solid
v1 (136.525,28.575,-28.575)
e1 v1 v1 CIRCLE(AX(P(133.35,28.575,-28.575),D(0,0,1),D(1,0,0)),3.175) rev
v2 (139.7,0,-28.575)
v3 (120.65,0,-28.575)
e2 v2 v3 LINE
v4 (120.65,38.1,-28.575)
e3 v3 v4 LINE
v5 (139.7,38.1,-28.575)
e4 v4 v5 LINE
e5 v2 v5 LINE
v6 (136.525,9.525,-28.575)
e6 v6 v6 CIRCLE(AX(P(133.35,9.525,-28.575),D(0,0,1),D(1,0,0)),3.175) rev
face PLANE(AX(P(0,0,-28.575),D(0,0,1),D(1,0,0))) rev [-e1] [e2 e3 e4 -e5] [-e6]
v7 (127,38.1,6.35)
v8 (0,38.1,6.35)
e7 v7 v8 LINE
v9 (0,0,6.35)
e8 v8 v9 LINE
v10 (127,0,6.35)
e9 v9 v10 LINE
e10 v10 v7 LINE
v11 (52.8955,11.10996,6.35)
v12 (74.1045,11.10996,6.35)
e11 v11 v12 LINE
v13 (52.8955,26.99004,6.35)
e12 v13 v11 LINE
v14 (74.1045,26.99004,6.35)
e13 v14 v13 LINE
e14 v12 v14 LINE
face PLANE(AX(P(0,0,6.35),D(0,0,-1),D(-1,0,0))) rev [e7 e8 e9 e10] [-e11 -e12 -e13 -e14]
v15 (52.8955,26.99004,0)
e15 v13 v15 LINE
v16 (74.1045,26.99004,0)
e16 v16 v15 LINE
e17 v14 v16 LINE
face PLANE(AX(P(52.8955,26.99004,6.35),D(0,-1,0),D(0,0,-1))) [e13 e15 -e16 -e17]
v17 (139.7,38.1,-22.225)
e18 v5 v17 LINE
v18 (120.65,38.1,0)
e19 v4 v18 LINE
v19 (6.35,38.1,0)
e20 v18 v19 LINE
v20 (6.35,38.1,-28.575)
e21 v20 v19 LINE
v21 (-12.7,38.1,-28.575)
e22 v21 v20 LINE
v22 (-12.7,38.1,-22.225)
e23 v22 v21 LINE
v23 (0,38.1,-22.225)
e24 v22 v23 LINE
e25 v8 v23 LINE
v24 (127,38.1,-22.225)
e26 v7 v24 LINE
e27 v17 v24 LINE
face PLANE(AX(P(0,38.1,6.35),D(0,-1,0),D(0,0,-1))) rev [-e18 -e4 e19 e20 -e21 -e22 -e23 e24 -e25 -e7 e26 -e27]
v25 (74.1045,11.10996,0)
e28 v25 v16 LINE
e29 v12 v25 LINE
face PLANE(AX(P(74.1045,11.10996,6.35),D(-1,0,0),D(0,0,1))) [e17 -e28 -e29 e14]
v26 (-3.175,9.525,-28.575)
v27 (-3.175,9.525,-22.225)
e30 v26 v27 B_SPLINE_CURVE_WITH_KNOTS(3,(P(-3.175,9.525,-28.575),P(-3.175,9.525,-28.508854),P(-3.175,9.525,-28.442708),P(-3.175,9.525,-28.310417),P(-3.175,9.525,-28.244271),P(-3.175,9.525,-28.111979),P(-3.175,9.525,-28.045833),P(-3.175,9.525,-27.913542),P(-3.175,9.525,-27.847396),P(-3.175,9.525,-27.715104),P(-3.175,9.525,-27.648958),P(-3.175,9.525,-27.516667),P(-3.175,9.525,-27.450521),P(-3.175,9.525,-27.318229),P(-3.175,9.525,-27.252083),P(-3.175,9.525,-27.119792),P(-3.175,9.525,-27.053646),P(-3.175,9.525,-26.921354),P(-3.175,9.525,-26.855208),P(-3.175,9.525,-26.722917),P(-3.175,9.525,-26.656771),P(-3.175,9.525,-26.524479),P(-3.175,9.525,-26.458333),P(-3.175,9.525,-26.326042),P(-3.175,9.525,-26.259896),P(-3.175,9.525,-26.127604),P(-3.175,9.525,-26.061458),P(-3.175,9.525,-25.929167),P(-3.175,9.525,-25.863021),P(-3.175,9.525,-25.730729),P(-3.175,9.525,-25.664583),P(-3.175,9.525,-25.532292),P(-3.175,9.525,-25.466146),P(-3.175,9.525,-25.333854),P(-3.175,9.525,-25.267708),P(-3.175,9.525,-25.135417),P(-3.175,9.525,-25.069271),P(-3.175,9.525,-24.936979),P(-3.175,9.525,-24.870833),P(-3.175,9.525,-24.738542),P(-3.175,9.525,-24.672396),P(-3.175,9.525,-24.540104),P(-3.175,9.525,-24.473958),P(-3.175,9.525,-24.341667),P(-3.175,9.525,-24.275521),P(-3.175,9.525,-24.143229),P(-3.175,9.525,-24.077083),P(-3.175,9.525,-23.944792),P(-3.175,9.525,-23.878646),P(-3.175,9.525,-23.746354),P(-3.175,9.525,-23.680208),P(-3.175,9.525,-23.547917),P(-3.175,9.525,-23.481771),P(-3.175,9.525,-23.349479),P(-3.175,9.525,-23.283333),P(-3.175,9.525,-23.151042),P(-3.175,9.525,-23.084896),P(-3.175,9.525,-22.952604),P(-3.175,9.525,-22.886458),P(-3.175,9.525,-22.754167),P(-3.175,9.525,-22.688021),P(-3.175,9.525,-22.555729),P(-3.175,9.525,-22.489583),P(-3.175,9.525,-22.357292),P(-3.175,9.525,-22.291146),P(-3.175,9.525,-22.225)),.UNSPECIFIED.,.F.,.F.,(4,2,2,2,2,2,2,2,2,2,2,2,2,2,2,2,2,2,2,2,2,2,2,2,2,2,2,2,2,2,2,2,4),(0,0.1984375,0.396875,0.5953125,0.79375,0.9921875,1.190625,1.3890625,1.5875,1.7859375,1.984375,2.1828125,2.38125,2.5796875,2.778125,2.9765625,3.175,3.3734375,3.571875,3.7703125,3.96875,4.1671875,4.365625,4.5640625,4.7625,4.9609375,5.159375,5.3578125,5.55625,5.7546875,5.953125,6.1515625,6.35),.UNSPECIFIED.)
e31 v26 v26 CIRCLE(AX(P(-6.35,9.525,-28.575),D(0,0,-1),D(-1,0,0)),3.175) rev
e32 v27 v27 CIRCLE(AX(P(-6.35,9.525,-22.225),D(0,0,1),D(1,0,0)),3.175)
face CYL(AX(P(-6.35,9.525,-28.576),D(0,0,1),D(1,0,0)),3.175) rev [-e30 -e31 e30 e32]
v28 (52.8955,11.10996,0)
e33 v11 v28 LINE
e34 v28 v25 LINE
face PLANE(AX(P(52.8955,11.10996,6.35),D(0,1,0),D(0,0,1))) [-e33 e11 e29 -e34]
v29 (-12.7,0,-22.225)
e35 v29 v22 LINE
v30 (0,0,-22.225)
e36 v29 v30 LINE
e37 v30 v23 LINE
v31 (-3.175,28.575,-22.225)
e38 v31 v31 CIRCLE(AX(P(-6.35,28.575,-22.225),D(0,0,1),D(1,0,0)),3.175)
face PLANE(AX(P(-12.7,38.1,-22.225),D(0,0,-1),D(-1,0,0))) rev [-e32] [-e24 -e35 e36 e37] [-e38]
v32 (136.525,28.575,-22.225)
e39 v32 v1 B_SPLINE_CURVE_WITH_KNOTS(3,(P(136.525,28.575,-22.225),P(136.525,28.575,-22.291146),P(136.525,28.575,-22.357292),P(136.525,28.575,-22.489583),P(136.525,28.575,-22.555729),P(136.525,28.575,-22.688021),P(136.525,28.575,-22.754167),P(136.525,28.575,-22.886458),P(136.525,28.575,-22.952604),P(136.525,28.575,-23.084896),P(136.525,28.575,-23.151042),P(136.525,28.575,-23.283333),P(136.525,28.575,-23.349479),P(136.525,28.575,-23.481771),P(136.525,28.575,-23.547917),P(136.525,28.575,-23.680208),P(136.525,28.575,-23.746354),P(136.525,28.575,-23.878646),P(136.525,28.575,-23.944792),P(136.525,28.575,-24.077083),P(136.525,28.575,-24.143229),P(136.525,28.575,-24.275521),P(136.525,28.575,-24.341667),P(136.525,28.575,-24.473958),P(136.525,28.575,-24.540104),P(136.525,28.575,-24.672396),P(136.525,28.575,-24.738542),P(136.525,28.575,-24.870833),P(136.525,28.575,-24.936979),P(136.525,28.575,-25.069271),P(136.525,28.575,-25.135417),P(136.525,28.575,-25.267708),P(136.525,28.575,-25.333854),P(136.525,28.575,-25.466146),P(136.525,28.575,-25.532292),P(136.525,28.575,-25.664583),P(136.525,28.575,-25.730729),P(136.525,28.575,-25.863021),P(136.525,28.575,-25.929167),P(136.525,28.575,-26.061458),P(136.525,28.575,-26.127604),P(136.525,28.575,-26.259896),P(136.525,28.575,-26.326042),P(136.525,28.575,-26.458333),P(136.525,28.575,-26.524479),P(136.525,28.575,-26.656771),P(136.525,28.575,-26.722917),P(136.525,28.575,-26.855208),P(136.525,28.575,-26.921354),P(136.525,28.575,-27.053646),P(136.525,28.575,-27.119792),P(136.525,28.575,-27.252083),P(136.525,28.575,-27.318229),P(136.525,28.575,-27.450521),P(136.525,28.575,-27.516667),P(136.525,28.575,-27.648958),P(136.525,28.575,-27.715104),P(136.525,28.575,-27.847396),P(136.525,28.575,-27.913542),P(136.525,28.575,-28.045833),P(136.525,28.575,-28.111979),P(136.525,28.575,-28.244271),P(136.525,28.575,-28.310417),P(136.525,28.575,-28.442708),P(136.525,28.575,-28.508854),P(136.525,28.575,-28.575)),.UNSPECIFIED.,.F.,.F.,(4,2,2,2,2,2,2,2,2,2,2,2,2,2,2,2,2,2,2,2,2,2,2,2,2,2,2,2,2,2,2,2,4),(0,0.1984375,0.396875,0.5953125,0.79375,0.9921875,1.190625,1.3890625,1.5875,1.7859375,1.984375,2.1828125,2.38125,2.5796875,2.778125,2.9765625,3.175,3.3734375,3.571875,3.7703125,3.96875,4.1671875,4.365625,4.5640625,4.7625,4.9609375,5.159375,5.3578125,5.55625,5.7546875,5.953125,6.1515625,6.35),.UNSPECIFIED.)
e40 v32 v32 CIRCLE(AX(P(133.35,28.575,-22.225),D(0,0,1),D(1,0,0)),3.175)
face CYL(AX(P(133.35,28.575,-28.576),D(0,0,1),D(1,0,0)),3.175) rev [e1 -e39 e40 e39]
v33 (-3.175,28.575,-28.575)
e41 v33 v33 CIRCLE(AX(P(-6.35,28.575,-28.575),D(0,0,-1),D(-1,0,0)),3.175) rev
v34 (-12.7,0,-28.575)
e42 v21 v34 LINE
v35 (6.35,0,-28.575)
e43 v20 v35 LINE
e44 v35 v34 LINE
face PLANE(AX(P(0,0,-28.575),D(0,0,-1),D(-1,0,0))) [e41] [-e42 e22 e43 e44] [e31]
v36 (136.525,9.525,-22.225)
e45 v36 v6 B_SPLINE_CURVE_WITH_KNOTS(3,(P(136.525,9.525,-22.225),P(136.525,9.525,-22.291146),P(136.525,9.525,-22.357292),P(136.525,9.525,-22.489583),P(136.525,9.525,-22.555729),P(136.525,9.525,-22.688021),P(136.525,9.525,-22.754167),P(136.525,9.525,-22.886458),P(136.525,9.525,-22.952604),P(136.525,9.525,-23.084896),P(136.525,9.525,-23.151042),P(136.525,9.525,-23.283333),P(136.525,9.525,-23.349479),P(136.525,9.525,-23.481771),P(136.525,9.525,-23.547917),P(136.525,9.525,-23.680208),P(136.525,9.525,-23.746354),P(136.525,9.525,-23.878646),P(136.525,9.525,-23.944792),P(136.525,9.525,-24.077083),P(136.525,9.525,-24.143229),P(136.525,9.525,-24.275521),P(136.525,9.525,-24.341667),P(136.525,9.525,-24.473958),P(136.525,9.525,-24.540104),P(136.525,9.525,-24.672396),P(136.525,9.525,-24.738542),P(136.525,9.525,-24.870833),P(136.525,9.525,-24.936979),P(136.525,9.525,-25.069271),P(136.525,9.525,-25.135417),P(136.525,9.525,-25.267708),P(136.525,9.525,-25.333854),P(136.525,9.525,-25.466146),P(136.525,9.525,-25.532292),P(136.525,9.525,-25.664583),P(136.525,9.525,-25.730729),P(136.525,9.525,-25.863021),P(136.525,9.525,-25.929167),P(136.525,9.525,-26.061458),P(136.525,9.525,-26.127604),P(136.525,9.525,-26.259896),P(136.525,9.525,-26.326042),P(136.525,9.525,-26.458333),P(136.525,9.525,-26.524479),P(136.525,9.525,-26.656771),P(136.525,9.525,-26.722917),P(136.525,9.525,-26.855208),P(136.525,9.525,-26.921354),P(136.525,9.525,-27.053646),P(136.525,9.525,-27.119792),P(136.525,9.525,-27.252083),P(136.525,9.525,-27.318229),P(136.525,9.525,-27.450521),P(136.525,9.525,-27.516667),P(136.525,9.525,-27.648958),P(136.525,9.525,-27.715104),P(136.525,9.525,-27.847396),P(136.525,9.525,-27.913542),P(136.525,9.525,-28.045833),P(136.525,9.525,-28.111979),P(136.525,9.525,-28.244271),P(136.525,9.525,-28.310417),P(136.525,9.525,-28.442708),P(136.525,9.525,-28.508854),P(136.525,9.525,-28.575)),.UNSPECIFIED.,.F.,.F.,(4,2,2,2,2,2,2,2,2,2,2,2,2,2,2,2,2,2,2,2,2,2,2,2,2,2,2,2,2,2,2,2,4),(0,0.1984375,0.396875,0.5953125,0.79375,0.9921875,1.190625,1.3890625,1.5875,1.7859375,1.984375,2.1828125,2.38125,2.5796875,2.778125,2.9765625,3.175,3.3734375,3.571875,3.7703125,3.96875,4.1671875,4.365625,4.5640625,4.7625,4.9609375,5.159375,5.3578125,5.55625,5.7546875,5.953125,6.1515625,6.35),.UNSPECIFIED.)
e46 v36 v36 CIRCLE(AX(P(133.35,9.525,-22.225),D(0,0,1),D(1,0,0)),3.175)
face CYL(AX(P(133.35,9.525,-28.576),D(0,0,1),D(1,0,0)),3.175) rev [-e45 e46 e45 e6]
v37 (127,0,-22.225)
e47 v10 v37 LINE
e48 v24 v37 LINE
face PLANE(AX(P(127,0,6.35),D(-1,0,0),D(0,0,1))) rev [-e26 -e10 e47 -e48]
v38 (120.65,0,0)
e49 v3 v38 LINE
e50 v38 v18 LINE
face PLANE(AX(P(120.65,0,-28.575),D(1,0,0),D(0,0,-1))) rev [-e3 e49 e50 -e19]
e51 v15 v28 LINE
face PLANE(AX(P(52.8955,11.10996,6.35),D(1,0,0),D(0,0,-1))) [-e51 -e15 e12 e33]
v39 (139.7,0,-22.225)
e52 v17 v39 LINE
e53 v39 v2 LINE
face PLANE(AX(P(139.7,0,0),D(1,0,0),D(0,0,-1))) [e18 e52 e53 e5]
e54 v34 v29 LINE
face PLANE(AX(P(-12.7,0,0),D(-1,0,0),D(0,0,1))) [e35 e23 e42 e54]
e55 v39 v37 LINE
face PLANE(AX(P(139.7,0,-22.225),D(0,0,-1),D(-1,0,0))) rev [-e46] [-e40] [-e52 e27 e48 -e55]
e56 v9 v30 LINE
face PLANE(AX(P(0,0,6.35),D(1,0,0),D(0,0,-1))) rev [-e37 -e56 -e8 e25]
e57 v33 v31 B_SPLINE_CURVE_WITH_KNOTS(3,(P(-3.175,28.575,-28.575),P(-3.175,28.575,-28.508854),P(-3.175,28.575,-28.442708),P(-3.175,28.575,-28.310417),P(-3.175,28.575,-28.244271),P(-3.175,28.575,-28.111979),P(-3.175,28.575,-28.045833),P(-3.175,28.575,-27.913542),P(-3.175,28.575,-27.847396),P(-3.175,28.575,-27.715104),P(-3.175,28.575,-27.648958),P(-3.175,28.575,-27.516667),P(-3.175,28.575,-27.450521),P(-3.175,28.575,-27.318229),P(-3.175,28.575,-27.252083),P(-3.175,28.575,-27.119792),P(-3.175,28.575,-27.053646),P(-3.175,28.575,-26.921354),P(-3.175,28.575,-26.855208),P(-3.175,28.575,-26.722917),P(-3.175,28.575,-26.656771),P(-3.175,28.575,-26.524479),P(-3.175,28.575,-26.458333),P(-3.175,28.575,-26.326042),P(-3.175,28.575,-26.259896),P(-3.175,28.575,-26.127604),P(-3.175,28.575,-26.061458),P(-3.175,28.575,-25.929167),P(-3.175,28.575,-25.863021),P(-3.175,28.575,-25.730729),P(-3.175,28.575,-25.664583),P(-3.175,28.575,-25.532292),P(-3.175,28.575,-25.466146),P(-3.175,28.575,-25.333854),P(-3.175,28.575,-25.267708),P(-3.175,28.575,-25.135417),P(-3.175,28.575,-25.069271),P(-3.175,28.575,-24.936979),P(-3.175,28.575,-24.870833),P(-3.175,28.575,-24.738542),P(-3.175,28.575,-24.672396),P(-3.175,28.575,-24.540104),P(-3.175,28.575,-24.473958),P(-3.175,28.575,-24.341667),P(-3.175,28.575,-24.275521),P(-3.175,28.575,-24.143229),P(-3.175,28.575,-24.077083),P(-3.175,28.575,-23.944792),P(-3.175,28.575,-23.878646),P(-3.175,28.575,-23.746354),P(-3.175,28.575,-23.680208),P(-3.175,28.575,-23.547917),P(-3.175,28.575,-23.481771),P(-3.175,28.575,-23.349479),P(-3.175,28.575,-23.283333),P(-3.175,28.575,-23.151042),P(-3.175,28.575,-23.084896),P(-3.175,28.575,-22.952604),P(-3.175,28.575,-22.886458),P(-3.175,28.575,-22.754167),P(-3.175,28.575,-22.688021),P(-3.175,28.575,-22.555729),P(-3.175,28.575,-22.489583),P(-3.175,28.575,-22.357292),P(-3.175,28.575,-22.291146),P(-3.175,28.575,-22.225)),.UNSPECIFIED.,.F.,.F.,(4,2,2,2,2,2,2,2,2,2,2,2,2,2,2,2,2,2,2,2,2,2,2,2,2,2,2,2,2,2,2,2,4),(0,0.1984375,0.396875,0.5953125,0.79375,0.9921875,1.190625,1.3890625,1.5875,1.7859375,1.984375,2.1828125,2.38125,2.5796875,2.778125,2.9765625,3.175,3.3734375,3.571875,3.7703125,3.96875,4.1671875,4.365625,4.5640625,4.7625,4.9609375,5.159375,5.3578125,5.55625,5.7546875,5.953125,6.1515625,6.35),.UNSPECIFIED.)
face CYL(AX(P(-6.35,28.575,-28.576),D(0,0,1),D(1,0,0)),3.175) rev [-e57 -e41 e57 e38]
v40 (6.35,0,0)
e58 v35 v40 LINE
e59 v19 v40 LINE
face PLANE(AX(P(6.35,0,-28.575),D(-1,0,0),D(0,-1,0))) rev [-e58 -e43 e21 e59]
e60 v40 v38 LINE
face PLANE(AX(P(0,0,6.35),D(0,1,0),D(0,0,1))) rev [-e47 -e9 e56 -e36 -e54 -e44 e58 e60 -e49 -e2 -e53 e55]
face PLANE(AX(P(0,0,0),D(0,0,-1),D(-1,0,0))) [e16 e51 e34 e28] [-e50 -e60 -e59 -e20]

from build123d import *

# Parameters (mm, degrees)
SKETCH1_W           = 127
SKETCH1_H           = 38.1
SKETCH1_W_2         = 21.209
SKETCH1_H_2         = 15.88008
BOSS_EXTRUDE1_DEPTH = 6.35
SKETCH2_W           = 6.35
SKETCH2_H           = 38.1
BOSS_EXTRUDE2_DEPTH = 28.575
SKETCH3_W           = 6.35
SKETCH3_H           = 38.1
BOSS_EXTRUDE3_DEPTH = 12.7
SKETCH4_W           = 6.35
SKETCH4_H           = 38.1
BOSS_EXTRUDE4_DEPTH = 12.7
CUT_EXTRUDE1_REACH  = 149.595
SKETCH5_R           = 3.175


with BuildPart() as part:
    # Sketch1 → Boss-Extrude1 (new body)
    with BuildSketch(Plane.XY):
        with Locations((63.5, 19.05)):
            Rectangle(SKETCH1_W, SKETCH1_H)
        with Locations((63.5, 19.05)):
            Rectangle(SKETCH1_W_2, SKETCH1_H_2, mode=Mode.SUBTRACT)
    extrude(amount=BOSS_EXTRUDE1_DEPTH)

    # Sketch2 → Boss-Extrude2 (add)
    with BuildSketch(Plane(origin=(0, 0, 0), x_dir=(-1, 0, 0), z_dir=(0, 0, -1))):
        with Locations((-3.175, 19.05)):
            Rectangle(SKETCH2_W, SKETCH2_H)
        with Locations((-123.825, 19.05)):
            Rectangle(SKETCH2_W, SKETCH2_H)
    extrude(amount=BOSS_EXTRUDE2_DEPTH)

    # Sketch3 → Boss-Extrude3 (add)
    with BuildSketch(Plane(origin=(127, 0, 0), x_dir=(0, 0, -1), z_dir=(1, 0, 0))):
        with Locations((25.4, 19.05)):
            Rectangle(SKETCH3_W, SKETCH3_H)
    extrude(amount=BOSS_EXTRUDE3_DEPTH)

    # Sketch4 → Boss-Extrude4 (add)
    with BuildSketch(Plane.ZY):
        with Locations((-25.4, 19.05)):
            Rectangle(SKETCH4_W, SKETCH4_H)
    extrude(amount=BOSS_EXTRUDE4_DEPTH)

    # Sketch5 → Cut-Extrude1 (cut, up to next)
    with BuildSketch(Plane.XY.offset(-22.225), mode=Mode.PRIVATE) as cut_extrude1_sk1:
        with Locations((133.35, 28.575)):
            Circle(SKETCH5_R)
    cut_extrude1_tool1 = extrude(cut_extrude1_sk1.sketch, amount=-CUT_EXTRUDE1_REACH, mode=Mode.PRIVATE) & part.part
    # Sketch5 → Cut-Extrude1 (cut, up to next)
    with BuildSketch(Plane.XY.offset(-22.225), mode=Mode.PRIVATE) as cut_extrude1_sk2:
        with Locations((133.35, 9.525)):
            Circle(SKETCH5_R)
    cut_extrude1_tool2 = extrude(cut_extrude1_sk2.sketch, amount=-CUT_EXTRUDE1_REACH, mode=Mode.PRIVATE) & part.part
    # Sketch5 → Cut-Extrude1 (cut, up to next)
    with BuildSketch(Plane.XY.offset(-22.225), mode=Mode.PRIVATE) as cut_extrude1_sk3:
        with Locations((-6.35, 28.575)):
            Circle(SKETCH5_R)
    cut_extrude1_tool3 = extrude(cut_extrude1_sk3.sketch, amount=-CUT_EXTRUDE1_REACH, mode=Mode.PRIVATE) & part.part
    # Sketch5 → Cut-Extrude1 (cut, up to next)
    with BuildSketch(Plane.XY.offset(-22.225), mode=Mode.PRIVATE) as cut_extrude1_sk4:
        with Locations((-6.35, 9.525)):
            Circle(SKETCH5_R)
    cut_extrude1_tool4 = extrude(cut_extrude1_sk4.sketch, amount=-CUT_EXTRUDE1_REACH, mode=Mode.PRIVATE) & part.part
    add(cut_extrude1_tool1.solids().sort_by_distance((133.35, 28.575, -22.225))[0], mode=Mode.SUBTRACT)
    add(cut_extrude1_tool2.solids().sort_by_distance((133.35, 9.525, -22.225))[0], mode=Mode.SUBTRACT)
    add(cut_extrude1_tool3.solids().sort_by_distance((-6.35, 28.575, -22.225))[0], mode=Mode.SUBTRACT)
    add(cut_extrude1_tool4.solids().sort_by_distance((-6.35, 9.525, -22.225))[0], mode=Mode.SUBTRACT)


solid = part.part
